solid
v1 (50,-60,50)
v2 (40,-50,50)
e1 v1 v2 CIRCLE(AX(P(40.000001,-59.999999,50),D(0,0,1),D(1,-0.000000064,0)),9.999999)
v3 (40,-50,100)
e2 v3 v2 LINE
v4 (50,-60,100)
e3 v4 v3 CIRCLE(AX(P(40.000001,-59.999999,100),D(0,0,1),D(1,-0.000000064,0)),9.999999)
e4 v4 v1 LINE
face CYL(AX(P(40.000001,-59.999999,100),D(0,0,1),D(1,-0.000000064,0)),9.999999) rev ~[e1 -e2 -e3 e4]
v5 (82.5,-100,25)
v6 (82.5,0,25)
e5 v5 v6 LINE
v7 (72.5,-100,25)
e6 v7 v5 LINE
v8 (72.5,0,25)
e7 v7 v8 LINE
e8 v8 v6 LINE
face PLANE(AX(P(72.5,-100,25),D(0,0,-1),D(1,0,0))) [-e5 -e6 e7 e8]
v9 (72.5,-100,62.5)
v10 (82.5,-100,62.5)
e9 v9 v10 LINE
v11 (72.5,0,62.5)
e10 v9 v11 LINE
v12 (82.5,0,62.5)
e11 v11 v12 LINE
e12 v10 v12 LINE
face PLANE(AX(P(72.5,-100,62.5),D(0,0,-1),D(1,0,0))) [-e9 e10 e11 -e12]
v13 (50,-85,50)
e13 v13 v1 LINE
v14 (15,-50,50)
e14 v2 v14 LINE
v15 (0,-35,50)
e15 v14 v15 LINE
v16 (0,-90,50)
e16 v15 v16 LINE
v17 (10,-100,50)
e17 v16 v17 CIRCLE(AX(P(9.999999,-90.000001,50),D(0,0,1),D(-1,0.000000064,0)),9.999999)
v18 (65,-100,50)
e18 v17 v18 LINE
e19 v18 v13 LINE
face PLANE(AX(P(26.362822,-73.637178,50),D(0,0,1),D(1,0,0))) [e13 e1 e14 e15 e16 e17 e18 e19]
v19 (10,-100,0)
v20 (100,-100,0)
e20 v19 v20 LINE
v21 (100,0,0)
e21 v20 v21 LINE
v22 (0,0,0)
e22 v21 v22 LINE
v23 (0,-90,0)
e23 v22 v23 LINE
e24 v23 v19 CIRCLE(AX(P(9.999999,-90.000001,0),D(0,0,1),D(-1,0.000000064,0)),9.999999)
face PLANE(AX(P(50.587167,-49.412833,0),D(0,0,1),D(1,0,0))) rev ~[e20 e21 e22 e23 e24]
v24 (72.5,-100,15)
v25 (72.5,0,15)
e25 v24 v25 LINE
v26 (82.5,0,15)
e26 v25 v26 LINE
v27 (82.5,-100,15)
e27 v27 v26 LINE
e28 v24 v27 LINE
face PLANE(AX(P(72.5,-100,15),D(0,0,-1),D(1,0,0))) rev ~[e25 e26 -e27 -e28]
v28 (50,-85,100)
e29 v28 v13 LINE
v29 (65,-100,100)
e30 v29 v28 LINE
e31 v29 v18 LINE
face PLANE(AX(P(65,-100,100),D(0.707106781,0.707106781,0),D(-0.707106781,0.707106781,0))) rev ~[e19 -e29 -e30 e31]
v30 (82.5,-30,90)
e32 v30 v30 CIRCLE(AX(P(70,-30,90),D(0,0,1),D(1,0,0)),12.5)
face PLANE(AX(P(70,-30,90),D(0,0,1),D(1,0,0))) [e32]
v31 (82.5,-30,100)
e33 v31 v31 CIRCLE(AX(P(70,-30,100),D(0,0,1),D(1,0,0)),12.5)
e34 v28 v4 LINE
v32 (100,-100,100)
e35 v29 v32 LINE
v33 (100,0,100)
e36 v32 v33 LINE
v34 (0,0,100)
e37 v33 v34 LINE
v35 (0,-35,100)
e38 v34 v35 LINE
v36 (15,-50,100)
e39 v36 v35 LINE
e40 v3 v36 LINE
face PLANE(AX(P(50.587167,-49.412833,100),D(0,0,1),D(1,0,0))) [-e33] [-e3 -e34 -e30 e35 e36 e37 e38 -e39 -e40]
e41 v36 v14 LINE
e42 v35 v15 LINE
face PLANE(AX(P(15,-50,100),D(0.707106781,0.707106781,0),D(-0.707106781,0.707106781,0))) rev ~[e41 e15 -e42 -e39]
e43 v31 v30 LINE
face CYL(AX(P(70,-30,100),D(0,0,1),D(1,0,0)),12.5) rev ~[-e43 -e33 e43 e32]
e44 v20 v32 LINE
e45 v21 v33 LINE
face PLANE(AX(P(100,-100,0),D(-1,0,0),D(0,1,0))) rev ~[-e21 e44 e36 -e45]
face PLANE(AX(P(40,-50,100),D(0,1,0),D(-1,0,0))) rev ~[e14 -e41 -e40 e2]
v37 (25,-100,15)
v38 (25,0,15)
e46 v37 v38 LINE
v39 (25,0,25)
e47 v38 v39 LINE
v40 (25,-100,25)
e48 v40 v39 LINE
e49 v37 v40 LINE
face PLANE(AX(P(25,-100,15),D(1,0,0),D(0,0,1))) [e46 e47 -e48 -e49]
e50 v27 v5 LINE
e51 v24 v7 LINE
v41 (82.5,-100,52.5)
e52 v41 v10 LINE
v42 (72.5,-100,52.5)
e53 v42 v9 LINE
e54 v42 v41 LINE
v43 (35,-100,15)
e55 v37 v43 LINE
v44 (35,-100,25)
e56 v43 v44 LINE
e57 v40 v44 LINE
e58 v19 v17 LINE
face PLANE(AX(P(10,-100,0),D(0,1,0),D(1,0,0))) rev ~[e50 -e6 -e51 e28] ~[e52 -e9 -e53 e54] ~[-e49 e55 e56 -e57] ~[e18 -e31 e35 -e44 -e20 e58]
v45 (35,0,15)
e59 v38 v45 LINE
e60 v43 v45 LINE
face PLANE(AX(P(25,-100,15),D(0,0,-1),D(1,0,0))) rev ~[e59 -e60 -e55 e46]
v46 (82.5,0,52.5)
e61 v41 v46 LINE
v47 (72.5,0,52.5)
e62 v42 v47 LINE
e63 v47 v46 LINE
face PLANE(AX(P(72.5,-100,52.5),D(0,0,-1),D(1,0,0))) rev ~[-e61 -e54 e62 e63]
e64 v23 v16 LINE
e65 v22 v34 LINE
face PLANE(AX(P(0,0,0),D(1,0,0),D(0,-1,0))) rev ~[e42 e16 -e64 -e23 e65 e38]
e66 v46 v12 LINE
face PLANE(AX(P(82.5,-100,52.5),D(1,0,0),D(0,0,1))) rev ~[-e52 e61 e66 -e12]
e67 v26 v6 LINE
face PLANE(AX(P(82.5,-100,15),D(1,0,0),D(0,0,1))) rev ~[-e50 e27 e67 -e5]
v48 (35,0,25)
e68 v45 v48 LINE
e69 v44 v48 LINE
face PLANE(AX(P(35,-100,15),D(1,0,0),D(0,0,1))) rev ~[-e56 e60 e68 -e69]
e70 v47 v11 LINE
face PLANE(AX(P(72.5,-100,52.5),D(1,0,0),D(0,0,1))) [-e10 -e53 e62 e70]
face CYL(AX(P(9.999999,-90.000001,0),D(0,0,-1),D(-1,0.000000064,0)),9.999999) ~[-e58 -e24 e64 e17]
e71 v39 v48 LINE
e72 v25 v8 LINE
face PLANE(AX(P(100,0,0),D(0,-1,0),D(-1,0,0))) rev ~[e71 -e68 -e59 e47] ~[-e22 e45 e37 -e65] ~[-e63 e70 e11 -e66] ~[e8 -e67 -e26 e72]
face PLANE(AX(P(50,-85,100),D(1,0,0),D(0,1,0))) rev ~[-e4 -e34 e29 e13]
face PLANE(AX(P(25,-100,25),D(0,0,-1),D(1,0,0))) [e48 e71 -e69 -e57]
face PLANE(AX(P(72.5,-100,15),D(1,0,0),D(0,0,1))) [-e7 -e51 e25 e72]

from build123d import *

# Parameters (mm, degrees)
F1_DEPTH = 100
F3_DEPTH = 50
F4_R     = 12.5
F5_DEPTH = 10
F6_W     = 10
F6_H     = 10
F7_DEPTH = 100.001


with BuildPart() as f1:
    # F0 (on Top) → F1 (new body)
    with BuildSketch(Plane.XY):
        with BuildLine():
            Line((100, 0), (0, 0))
            Line((0, 0), (0, -90))
            ThreePointArc((0, -90), (2.928932, -97.071068), (10, -100))
            Line((10, -100), (100, -100))
            Line((100, -100), (100, 0))
        make_face()
    extrude(amount=F1_DEPTH)

    # F2 (on face) → F3 (cut)
    with BuildSketch(Plane.XY.offset(100)):
        with BuildLine():
            Line((15, -50), (0, -35))
            Line((0, -35), (0, -90))
            ThreePointArc((0, -90), (2.928932, -97.071068), (10, -100))
            Line((10, -100), (65, -100))
            Line((65, -100), (50, -85))
            Line((50, -85), (50, -60))
            ThreePointArc((50, -60), (47.071068, -52.928932), (40, -50))
            Line((40, -50), (15, -50))
        make_face()
    extrude(amount=-F3_DEPTH, mode=Mode.SUBTRACT)

    # F4 (on face) → F5 (cut)
    with BuildSketch(Plane.XY.offset(100)):
        with Locations((70, -30)):
            Circle(F4_R)
    extrude(amount=-F5_DEPTH, mode=Mode.SUBTRACT)

    # F6 (on face) → F7 (cut, through all)
    with BuildSketch(Plane.XZ.offset(100)):
        with Locations((30, 20)):
            Rectangle(F6_W, F6_H)
        with Locations((77.5, 20)):
            Rectangle(F6_W, F6_H)
        with Locations((77.5, 57.5)):
            Rectangle(F6_W, F6_H)
    extrude(amount=-F7_DEPTH, mode=Mode.SUBTRACT)


solid = f1.part
